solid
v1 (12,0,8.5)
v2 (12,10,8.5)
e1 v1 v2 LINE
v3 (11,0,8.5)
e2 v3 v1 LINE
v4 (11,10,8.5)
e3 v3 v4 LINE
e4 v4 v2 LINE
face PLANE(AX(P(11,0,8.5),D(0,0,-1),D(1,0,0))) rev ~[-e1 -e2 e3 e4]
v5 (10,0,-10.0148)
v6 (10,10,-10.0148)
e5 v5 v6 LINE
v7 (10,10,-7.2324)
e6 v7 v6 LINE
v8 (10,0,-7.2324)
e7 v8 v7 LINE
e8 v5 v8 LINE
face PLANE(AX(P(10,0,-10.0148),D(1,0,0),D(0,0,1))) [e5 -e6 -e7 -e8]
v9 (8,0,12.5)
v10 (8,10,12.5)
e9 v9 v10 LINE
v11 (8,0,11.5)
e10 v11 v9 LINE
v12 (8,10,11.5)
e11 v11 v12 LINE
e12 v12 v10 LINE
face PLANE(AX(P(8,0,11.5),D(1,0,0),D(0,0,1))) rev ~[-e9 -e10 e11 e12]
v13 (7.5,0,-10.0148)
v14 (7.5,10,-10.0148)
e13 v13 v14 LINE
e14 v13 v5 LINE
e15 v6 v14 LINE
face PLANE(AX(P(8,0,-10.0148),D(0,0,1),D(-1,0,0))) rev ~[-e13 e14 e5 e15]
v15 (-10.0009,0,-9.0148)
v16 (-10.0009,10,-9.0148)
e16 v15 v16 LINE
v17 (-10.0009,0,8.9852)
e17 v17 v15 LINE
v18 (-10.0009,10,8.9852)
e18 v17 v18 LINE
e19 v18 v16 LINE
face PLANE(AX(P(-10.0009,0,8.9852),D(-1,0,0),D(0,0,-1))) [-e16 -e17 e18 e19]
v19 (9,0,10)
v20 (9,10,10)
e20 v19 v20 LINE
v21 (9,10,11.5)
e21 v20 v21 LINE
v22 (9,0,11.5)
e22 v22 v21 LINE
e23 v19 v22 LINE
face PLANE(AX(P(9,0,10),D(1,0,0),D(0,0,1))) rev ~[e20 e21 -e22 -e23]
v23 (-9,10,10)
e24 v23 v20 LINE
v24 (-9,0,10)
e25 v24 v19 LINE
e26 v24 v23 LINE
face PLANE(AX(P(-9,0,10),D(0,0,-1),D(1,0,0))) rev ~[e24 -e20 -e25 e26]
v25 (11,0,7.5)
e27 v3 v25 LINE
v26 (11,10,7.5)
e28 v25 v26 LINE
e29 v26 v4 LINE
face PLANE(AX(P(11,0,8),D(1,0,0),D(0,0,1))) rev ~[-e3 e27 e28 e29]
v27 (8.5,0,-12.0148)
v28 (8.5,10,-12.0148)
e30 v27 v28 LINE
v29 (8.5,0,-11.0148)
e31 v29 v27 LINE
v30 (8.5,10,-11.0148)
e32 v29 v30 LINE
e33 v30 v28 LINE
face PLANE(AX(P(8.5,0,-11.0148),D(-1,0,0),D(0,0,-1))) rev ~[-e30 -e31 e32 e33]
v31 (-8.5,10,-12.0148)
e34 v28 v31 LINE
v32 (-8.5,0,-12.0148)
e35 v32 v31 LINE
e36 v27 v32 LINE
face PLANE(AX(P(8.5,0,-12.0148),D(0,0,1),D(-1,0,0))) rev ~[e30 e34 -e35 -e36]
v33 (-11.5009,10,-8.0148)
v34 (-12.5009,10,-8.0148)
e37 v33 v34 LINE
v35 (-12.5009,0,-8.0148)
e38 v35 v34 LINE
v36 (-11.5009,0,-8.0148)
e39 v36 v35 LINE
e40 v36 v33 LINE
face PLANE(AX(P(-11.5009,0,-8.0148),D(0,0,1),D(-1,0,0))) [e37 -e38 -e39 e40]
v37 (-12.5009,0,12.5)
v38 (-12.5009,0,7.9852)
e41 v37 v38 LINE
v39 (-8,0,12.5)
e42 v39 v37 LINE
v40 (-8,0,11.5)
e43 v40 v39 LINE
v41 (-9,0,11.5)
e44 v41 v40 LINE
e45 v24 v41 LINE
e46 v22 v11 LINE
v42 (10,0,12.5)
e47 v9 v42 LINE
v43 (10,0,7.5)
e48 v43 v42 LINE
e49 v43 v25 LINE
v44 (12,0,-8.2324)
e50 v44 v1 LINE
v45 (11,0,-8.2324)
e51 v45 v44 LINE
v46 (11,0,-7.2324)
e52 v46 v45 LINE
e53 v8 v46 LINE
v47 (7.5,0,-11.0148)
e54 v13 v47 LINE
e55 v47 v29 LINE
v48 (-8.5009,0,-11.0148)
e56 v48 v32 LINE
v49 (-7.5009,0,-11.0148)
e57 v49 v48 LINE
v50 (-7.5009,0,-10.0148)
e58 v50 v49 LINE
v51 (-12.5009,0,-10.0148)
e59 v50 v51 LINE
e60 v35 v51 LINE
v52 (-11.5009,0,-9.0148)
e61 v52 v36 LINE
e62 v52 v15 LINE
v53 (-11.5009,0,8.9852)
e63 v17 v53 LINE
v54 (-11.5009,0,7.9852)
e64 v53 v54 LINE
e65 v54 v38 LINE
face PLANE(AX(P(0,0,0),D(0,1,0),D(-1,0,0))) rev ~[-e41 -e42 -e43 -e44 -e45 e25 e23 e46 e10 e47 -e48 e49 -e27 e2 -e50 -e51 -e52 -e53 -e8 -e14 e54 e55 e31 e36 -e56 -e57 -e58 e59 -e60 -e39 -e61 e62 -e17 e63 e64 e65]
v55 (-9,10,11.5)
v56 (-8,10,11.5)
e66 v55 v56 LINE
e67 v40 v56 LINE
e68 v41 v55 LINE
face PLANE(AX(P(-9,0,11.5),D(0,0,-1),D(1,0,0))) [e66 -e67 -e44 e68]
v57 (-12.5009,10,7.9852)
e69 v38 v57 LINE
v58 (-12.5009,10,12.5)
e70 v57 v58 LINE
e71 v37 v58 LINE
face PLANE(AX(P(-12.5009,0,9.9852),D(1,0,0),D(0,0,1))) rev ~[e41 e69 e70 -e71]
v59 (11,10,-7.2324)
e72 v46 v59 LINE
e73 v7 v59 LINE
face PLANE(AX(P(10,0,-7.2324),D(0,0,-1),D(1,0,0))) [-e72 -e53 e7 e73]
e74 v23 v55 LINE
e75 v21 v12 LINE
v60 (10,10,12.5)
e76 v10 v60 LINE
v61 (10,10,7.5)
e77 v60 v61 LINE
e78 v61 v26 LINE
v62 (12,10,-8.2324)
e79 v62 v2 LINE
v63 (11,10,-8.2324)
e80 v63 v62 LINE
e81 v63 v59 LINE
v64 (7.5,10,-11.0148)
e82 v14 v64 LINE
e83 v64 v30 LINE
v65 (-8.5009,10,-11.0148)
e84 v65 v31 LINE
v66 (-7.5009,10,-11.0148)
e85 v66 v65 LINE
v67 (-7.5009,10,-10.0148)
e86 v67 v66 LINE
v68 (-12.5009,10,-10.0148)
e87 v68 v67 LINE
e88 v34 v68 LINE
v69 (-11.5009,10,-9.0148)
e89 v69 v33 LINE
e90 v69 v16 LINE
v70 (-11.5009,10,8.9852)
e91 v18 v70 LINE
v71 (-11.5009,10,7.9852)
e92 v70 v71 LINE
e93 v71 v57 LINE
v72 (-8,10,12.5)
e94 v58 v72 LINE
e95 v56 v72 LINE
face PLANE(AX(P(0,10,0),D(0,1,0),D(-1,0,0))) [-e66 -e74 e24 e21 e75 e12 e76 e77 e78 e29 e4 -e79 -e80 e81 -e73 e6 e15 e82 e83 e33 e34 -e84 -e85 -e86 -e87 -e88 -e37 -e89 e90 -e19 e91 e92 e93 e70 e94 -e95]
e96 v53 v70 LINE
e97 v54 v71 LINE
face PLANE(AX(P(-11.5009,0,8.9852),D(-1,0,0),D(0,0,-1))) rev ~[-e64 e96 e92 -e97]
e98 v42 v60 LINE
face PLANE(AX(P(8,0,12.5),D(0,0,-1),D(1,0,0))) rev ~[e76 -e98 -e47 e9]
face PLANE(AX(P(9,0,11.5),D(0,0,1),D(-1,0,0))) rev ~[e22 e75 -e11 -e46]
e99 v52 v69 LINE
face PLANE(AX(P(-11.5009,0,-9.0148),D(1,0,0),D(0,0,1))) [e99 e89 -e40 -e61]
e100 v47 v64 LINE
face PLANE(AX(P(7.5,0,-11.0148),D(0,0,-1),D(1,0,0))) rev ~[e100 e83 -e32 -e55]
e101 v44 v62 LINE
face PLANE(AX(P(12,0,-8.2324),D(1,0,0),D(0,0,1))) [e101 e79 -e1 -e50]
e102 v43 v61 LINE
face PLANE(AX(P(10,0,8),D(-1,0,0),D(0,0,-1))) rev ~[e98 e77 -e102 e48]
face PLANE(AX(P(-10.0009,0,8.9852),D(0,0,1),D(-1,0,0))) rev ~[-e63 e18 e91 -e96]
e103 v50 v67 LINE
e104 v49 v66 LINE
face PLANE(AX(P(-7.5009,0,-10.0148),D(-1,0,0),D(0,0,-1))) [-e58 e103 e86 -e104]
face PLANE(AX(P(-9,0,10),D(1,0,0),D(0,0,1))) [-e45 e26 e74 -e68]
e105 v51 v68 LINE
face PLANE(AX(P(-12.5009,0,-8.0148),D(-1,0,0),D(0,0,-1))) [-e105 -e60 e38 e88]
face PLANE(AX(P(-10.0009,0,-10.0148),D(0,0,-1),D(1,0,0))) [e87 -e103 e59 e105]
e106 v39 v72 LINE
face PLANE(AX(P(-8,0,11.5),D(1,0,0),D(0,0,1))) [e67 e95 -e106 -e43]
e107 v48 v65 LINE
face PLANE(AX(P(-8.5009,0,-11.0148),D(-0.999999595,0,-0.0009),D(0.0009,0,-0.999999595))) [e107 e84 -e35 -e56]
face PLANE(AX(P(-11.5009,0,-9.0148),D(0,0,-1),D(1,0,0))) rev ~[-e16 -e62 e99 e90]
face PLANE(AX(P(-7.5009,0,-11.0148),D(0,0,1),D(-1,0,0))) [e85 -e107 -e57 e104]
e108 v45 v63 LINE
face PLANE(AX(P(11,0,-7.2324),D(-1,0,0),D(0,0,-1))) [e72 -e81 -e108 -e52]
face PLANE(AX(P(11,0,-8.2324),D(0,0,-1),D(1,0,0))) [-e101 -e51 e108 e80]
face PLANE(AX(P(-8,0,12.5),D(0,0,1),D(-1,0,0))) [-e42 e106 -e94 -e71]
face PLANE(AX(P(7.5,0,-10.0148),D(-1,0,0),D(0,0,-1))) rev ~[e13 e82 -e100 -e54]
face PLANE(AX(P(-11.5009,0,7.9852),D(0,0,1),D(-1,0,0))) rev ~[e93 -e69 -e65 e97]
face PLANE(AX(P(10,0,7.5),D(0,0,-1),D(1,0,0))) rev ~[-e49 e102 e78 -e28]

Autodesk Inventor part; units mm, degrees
ref_plane "YZ Plane" through (0, 0, 0) normal (1, 0, 0) x (0, 1, 0)
ref_plane "XZ Plane" through (0, 0, 0) normal (0, 1, 0) x (-1, 0, 0)
ref_plane "XY Plane" through (0, 0, 0) normal (0, 0, 1) x (1, 0, 0)
sketch "Schizzo1" plane through (0, 0, 0) normal (0, 1, 0) x (-1, 0, 0)
  line L0 (10.0009, -10.0148) -> (9.0009, -10.0148)
  line L1 (-10, 9) -> (-10, 10)
  line L2 (11.5009, -9.0148) -> (10.0009, -9.0148)
  line L3 (10.0009, 8.9852) -> (10.0009, -9.0148)
  line L4 (-10, 12) -> (-10, 10)
  line L5 (9, 10) -> (-9, 10)
  line L6 (-10, -10.0148) -> (-9, -10.0148)
  line L7 (9.0009, -10.0148) -> (8.0009, -10.0148)
  line L8 (-9, -10.0148) -> (-8, -10.0148)
  line L9 (-10, 9) -> (-10, 8)
  line L10 (-10, -10.0148) -> (-10, -7.7324)
  circle A0 centre (-0.6701, -0.7825) radius 9.5
  line L11 (11.5009, -9.0148) -> (11.5009, -8.0148)
  line L12 (11.5009, -8.0148) -> (12.5009, -8.0148)
  line L13 (12.5009, -8.0148) -> (12.5009, -10.0148)
  line L14 (12.5009, -10.0148) -> (10.0009, -10.0148)
  line L15 (10.0009, 8.9852) -> (11.5009, 8.9852)
  line L16 (11.5009, 8.9852) -> (11.5009, 7.9852)
  line L17 (11.5009, 7.9852) -> (12.5009, 7.9852)
  line L18 (12.5009, 7.9852) -> (12.5009, 9.9852)
  line L19 (9, 10) -> (9, 11.5)
  line L20 (9, 11.5) -> (8, 11.5)
  line L21 (8, 11.5) -> (8, 12.5)
  line L22 (8, 12.5) -> (10, 12.5)
  line L23 (12.5009, 9.9852) -> (12.5009, 12.5)
  line L24 (12.5009, 12.5) -> (10, 12.5)
  line L25 (-9, 10) -> (-9, 11.5)
  line L26 (-9, 11.5) -> (-8, 11.5)
  line L27 (-8, 11.5) -> (-8, 12.5)
  line L28 (-8, 12.5) -> (-10, 12.5)
  line L29 (-10, 12.5) -> (-10, 12)
  line L30 (-10, -7.7324) -> (-10, -7.2324)
  line L31 (-10, -7.2324) -> (-11, -7.2324)
  line L32 (-11, -7.2324) -> (-11, -7.7324)
  line L33 (-11, -8.2324) -> (-12, -8.2324)
  line L34 (-11, -8.2324) -> (-11, -7.7324)
  line L35 (-10, 8) -> (-10, 7.5)
  line L36 (-10, 7.5) -> (-11, 7.5)
  line L37 (-11, 7.5) -> (-11, 8)
  line L38 (-11, 8.5) -> (-12, 8.5)
  line L39 (-11, 8) -> (-11, 8.5)
  line L40 (-12, -8.2324) -> (-12, 8.5)
  line L41 (8.0009, -10.0148) -> (7.5009, -10.0148)
  line L42 (7.5009, -10.0148) -> (7.5009, -11.0148)
  line L43 (7.5009, -11.0148) -> (8.5009, -11.0148)
  line L44 (8.5009, -11.0148) -> (8.5, -12.0148)
  line L45 (-8, -10.0148) -> (-7.5, -10.0148)
  line L46 (-7.5, -10.0148) -> (-7.5, -11.0148)
  line L47 (-7.5, -11.0148) -> (-8.5, -11.0148)
  line L48 (-8.5, -11.0148) -> (-8.5, -12.0148)
  line L49 (-8.5, -12.0148) -> (8.5, -12.0148)
  point P0 (0, 0)
  dimension "d24" = 1.5
  dimension "d36" = 1
  dimension "d43" = 1
  dimension "d44" = 1
  dimension "d45" = 2
  dimension "d46" = 1
  dimension "d47" = 1.5
  dimension "d48" = 1
  dimension "d49" = 1
  dimension "d51" = 1.5
  dimension "d53" = 1
  dimension "d54" = 2
  dimension "d55" = 0.5
  dimension "d56" = 0.5
  dimension "d58" = 1
  dimension "d59" = 0.5
  dimension "d60" = 1
extrude "Estrusione2" add sketch "Schizzo1" along normal blind 10 contours L0 L7 L41 L42 L43 L44 L49 L48 L47 L46 L45 L8 L6 L10 L30 L31 L32 L34 L33 L40 L38 L39 L37 L36 L35 L9 L1 L4 L29 L28 L27 L26 L25 L5 L19 L20 L21 L22 L24 L23 L18 L17 L16 L15 L3 L2 L11 L12 L13 L14 | A0
properties part number "Maschio-femmina"
